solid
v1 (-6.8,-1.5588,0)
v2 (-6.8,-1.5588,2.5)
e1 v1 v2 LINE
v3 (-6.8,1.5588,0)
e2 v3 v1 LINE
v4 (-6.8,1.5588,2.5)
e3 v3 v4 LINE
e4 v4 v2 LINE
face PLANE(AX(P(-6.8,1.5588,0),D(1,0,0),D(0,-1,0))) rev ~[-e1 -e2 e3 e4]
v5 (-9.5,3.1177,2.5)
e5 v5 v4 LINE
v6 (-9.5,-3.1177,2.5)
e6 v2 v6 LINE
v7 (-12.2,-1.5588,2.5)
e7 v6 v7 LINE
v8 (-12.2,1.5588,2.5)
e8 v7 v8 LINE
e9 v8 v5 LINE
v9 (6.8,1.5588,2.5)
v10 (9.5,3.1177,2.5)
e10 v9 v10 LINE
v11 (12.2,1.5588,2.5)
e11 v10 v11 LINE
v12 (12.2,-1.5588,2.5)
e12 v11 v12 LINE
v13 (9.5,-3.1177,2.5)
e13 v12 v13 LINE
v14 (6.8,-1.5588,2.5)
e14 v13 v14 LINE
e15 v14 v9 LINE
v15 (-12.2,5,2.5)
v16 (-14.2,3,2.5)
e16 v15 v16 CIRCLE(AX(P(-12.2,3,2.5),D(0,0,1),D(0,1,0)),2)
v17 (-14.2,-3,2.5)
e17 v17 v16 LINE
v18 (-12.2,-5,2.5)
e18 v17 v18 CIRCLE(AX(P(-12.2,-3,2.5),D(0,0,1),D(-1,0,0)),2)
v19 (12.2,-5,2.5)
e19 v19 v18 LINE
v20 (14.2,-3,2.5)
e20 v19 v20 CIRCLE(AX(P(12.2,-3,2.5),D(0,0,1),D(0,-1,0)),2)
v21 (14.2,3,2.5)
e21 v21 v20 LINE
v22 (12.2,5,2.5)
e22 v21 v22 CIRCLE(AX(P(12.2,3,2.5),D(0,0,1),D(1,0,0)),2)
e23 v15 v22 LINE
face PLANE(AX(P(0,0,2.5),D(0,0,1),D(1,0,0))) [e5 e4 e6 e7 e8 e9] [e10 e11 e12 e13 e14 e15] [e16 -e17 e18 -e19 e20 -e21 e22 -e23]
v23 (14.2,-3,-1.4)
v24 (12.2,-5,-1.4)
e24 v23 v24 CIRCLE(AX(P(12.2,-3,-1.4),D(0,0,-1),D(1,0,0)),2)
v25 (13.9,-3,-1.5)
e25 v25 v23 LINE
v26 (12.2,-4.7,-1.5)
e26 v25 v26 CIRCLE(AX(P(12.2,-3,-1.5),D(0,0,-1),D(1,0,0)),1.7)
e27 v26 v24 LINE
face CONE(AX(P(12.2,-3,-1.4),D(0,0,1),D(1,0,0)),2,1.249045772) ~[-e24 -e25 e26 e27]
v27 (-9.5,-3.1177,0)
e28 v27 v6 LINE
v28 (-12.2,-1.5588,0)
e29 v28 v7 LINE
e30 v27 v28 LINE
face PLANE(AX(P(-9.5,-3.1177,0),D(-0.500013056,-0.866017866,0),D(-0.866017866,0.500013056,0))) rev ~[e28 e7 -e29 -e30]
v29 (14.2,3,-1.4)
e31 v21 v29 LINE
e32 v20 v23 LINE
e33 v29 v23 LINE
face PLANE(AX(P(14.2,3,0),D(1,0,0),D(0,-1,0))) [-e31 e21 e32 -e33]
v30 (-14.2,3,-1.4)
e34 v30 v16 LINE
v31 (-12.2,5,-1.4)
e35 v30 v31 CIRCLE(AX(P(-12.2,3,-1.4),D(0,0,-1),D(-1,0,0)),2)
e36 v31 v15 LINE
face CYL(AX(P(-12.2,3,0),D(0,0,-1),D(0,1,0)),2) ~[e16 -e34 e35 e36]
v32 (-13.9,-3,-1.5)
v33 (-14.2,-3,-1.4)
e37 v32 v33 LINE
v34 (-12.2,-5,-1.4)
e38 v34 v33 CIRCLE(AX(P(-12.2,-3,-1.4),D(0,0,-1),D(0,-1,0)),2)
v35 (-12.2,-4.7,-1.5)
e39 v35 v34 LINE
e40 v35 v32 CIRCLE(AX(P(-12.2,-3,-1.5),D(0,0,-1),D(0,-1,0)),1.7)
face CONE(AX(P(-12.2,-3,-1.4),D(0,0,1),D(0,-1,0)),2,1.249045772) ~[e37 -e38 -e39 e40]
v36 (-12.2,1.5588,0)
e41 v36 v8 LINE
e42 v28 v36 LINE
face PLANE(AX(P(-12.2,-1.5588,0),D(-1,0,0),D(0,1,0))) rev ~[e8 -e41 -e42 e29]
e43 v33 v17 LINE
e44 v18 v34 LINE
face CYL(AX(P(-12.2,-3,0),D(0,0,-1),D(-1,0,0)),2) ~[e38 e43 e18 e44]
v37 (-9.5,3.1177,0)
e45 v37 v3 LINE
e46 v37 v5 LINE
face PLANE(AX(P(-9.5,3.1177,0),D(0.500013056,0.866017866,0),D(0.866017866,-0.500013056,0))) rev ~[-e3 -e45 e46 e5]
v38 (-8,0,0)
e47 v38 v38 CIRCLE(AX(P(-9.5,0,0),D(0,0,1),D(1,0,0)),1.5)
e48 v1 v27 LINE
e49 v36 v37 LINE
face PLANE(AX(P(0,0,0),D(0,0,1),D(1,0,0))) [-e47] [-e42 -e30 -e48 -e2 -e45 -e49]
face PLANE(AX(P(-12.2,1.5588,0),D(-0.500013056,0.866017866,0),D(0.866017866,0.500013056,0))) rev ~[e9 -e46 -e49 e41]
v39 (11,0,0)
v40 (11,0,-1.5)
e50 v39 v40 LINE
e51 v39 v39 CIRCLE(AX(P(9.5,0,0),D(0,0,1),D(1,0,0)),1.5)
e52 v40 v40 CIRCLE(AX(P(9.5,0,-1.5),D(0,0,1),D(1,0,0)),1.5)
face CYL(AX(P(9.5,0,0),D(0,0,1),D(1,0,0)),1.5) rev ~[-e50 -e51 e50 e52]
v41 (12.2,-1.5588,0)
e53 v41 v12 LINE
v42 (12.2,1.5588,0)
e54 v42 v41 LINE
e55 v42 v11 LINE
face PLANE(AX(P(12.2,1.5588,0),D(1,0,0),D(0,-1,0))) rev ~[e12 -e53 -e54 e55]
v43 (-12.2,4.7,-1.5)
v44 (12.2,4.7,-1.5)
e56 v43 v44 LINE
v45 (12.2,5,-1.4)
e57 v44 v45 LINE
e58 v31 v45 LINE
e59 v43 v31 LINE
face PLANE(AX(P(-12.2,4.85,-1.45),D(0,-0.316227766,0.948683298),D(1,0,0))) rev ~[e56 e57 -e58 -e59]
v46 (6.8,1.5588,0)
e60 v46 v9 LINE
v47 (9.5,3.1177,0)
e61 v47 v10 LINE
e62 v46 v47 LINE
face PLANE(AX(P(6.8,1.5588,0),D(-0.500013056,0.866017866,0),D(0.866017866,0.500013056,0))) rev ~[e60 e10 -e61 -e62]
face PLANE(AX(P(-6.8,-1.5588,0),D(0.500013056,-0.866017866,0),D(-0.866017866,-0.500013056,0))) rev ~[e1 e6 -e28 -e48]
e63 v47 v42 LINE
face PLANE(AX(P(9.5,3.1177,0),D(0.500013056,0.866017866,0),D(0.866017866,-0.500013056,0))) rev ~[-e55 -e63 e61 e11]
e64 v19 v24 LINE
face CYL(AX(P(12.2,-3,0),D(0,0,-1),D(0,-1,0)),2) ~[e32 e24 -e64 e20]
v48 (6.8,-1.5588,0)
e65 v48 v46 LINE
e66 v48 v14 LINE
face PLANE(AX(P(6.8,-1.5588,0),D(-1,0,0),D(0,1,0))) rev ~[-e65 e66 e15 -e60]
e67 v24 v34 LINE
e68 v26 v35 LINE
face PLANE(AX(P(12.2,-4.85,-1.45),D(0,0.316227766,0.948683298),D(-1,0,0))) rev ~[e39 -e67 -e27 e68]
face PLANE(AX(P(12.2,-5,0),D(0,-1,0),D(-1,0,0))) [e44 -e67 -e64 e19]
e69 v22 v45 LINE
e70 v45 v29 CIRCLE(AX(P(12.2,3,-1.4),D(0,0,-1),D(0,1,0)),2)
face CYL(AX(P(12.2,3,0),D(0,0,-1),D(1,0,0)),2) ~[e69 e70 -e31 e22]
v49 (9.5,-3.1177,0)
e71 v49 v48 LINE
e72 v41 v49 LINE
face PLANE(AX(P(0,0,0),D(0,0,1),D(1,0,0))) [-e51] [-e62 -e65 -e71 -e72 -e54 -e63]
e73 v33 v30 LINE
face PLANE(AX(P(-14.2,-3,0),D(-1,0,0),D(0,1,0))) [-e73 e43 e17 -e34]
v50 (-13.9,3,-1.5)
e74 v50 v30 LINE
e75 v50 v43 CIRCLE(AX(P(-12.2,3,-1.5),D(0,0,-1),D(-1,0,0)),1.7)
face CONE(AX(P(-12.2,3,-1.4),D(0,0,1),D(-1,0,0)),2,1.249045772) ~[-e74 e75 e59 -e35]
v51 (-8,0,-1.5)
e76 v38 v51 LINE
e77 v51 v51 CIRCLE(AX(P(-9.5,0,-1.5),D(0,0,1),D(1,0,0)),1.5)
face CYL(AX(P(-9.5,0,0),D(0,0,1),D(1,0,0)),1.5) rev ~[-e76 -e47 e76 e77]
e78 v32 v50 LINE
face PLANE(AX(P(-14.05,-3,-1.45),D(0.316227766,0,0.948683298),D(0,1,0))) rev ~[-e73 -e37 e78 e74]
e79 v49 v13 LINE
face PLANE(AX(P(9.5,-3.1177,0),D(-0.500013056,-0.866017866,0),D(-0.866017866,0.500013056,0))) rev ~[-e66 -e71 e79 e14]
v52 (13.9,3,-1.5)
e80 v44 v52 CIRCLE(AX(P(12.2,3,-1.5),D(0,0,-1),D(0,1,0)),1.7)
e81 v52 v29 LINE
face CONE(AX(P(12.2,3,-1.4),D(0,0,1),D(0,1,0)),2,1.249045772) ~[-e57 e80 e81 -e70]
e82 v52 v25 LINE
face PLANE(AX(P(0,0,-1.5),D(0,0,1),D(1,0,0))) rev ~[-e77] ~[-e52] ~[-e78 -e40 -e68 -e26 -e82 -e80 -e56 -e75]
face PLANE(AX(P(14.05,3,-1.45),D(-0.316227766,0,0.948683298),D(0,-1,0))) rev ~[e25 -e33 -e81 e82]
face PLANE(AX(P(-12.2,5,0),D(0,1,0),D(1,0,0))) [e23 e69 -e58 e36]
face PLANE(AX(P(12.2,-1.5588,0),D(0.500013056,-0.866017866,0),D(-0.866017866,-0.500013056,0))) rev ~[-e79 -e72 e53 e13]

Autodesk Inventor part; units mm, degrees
ref_plane "YZ Plane" through (0, 0, 0) normal (1, 0, 0) x (0, 1, 0)
ref_plane "XZ Plane" through (0, 0, 0) normal (0, 1, 0) x (-1, 0, 0)
ref_plane "XY Plane" through (0, 0, 0) normal (0, 0, 1) x (1, 0, 0)
sketch "Эскиз1" plane through (0, 0, 0) normal (0, 0, 1) x (1, 0, 0)
  line L0 (-6.8, -1.5588) -> (-9.5, -3.1177)
  line L1 (-9.5, -3.1177) -> (-12.2, -1.5588)
  circle A0 centre (-9.5, 0) radius 1.5
  line L2 (-6.8, 1.5588) -> (-6.8, -1.5588)
  line L3 (-12.2, -1.5588) -> (-12.2, 1.5588)
  line L4 (-9.5, 3.1177) -> (-6.8, 1.5588)
  line L5 (-12.2, 1.5588) -> (-9.5, 3.1177)
  line L6 (6.8, -1.5588) -> (6.8, 1.5588)
  line L7 (6.8, 1.5588) -> (9.5, 3.1177)
  line L8 (9.5, -3.1177) -> (6.8, -1.5588)
  circle A1 centre (9.5, 0) radius 1.5
  line L9 (9.5, 3.1177) -> (12.2, 1.5588)
  line L10 (12.2, 1.5588) -> (12.2, -1.5588)
  line L11 (12.2, -1.5588) -> (9.5, -3.1177)
  line L12 (-12.2, 5) -> (12.2, 5)
  line L13 (14.2, 3) -> (14.2, -3)
  line L14 (12.2, -5) -> (-12.2, -5)
  line L15 (-14.2, -3) -> (-14.2, 3)
  arc A2 (-12.2, 5) -> (-14.2, 3) centre (-12.2, 3) ccw
  arc A3 (-14.2, -3) -> (-12.2, -5) centre (-12.2, -3) ccw
  arc A4 (12.2, -5) -> (14.2, -3) centre (12.2, -3) ccw
  arc A5 (14.2, 3) -> (12.2, 5) centre (12.2, 3) ccw
  line L16 (0, 0) -> (0, 2.3671) construction
  point P0 (14.2, 0)
  point P1 (-14.2, 0)
  point P2 (0, 5)
  dimension "Width" = 10
  dimension "d6" = 2
  dimension "d12" = 13.6
extrude "Выдавливание1" add sketch "Эскиз1" against normal blind 1.5 contours L0 L1 L3 L5 L4 L2 | L6 L7 L9 L10 L11 L8 | L12 A5 L13 A4 L14 A3 L15 A2
extrude "Выдавливание2" add sketch "Эскиз1" along normal blind 2.5 contours L12 A5 L13 A4 L14 A3 L15 A2
chamfer "Фаска1" distance 0.3 distance2 0.1 8 edges at (0, 5, -1.5) (13.6142, 4.4142, -1.5) (14.2, 0, -1.5) (13.6142, -4.4142, -1.5) (0, -5, -1.5) (-13.6142, -4.4142, -1.5) (-14.2, 0, -1.5) (-13.6142, 4.4142, -1.5) measured on face at (2.8826, -3.7448, -1.5)
equation "\"d8\" = Thick - Nut_thick"
equation "\"Thick\" = 4"
equation "\"Nut_thick\" = 2.5"
properties part number "Крепежи динамиков"
